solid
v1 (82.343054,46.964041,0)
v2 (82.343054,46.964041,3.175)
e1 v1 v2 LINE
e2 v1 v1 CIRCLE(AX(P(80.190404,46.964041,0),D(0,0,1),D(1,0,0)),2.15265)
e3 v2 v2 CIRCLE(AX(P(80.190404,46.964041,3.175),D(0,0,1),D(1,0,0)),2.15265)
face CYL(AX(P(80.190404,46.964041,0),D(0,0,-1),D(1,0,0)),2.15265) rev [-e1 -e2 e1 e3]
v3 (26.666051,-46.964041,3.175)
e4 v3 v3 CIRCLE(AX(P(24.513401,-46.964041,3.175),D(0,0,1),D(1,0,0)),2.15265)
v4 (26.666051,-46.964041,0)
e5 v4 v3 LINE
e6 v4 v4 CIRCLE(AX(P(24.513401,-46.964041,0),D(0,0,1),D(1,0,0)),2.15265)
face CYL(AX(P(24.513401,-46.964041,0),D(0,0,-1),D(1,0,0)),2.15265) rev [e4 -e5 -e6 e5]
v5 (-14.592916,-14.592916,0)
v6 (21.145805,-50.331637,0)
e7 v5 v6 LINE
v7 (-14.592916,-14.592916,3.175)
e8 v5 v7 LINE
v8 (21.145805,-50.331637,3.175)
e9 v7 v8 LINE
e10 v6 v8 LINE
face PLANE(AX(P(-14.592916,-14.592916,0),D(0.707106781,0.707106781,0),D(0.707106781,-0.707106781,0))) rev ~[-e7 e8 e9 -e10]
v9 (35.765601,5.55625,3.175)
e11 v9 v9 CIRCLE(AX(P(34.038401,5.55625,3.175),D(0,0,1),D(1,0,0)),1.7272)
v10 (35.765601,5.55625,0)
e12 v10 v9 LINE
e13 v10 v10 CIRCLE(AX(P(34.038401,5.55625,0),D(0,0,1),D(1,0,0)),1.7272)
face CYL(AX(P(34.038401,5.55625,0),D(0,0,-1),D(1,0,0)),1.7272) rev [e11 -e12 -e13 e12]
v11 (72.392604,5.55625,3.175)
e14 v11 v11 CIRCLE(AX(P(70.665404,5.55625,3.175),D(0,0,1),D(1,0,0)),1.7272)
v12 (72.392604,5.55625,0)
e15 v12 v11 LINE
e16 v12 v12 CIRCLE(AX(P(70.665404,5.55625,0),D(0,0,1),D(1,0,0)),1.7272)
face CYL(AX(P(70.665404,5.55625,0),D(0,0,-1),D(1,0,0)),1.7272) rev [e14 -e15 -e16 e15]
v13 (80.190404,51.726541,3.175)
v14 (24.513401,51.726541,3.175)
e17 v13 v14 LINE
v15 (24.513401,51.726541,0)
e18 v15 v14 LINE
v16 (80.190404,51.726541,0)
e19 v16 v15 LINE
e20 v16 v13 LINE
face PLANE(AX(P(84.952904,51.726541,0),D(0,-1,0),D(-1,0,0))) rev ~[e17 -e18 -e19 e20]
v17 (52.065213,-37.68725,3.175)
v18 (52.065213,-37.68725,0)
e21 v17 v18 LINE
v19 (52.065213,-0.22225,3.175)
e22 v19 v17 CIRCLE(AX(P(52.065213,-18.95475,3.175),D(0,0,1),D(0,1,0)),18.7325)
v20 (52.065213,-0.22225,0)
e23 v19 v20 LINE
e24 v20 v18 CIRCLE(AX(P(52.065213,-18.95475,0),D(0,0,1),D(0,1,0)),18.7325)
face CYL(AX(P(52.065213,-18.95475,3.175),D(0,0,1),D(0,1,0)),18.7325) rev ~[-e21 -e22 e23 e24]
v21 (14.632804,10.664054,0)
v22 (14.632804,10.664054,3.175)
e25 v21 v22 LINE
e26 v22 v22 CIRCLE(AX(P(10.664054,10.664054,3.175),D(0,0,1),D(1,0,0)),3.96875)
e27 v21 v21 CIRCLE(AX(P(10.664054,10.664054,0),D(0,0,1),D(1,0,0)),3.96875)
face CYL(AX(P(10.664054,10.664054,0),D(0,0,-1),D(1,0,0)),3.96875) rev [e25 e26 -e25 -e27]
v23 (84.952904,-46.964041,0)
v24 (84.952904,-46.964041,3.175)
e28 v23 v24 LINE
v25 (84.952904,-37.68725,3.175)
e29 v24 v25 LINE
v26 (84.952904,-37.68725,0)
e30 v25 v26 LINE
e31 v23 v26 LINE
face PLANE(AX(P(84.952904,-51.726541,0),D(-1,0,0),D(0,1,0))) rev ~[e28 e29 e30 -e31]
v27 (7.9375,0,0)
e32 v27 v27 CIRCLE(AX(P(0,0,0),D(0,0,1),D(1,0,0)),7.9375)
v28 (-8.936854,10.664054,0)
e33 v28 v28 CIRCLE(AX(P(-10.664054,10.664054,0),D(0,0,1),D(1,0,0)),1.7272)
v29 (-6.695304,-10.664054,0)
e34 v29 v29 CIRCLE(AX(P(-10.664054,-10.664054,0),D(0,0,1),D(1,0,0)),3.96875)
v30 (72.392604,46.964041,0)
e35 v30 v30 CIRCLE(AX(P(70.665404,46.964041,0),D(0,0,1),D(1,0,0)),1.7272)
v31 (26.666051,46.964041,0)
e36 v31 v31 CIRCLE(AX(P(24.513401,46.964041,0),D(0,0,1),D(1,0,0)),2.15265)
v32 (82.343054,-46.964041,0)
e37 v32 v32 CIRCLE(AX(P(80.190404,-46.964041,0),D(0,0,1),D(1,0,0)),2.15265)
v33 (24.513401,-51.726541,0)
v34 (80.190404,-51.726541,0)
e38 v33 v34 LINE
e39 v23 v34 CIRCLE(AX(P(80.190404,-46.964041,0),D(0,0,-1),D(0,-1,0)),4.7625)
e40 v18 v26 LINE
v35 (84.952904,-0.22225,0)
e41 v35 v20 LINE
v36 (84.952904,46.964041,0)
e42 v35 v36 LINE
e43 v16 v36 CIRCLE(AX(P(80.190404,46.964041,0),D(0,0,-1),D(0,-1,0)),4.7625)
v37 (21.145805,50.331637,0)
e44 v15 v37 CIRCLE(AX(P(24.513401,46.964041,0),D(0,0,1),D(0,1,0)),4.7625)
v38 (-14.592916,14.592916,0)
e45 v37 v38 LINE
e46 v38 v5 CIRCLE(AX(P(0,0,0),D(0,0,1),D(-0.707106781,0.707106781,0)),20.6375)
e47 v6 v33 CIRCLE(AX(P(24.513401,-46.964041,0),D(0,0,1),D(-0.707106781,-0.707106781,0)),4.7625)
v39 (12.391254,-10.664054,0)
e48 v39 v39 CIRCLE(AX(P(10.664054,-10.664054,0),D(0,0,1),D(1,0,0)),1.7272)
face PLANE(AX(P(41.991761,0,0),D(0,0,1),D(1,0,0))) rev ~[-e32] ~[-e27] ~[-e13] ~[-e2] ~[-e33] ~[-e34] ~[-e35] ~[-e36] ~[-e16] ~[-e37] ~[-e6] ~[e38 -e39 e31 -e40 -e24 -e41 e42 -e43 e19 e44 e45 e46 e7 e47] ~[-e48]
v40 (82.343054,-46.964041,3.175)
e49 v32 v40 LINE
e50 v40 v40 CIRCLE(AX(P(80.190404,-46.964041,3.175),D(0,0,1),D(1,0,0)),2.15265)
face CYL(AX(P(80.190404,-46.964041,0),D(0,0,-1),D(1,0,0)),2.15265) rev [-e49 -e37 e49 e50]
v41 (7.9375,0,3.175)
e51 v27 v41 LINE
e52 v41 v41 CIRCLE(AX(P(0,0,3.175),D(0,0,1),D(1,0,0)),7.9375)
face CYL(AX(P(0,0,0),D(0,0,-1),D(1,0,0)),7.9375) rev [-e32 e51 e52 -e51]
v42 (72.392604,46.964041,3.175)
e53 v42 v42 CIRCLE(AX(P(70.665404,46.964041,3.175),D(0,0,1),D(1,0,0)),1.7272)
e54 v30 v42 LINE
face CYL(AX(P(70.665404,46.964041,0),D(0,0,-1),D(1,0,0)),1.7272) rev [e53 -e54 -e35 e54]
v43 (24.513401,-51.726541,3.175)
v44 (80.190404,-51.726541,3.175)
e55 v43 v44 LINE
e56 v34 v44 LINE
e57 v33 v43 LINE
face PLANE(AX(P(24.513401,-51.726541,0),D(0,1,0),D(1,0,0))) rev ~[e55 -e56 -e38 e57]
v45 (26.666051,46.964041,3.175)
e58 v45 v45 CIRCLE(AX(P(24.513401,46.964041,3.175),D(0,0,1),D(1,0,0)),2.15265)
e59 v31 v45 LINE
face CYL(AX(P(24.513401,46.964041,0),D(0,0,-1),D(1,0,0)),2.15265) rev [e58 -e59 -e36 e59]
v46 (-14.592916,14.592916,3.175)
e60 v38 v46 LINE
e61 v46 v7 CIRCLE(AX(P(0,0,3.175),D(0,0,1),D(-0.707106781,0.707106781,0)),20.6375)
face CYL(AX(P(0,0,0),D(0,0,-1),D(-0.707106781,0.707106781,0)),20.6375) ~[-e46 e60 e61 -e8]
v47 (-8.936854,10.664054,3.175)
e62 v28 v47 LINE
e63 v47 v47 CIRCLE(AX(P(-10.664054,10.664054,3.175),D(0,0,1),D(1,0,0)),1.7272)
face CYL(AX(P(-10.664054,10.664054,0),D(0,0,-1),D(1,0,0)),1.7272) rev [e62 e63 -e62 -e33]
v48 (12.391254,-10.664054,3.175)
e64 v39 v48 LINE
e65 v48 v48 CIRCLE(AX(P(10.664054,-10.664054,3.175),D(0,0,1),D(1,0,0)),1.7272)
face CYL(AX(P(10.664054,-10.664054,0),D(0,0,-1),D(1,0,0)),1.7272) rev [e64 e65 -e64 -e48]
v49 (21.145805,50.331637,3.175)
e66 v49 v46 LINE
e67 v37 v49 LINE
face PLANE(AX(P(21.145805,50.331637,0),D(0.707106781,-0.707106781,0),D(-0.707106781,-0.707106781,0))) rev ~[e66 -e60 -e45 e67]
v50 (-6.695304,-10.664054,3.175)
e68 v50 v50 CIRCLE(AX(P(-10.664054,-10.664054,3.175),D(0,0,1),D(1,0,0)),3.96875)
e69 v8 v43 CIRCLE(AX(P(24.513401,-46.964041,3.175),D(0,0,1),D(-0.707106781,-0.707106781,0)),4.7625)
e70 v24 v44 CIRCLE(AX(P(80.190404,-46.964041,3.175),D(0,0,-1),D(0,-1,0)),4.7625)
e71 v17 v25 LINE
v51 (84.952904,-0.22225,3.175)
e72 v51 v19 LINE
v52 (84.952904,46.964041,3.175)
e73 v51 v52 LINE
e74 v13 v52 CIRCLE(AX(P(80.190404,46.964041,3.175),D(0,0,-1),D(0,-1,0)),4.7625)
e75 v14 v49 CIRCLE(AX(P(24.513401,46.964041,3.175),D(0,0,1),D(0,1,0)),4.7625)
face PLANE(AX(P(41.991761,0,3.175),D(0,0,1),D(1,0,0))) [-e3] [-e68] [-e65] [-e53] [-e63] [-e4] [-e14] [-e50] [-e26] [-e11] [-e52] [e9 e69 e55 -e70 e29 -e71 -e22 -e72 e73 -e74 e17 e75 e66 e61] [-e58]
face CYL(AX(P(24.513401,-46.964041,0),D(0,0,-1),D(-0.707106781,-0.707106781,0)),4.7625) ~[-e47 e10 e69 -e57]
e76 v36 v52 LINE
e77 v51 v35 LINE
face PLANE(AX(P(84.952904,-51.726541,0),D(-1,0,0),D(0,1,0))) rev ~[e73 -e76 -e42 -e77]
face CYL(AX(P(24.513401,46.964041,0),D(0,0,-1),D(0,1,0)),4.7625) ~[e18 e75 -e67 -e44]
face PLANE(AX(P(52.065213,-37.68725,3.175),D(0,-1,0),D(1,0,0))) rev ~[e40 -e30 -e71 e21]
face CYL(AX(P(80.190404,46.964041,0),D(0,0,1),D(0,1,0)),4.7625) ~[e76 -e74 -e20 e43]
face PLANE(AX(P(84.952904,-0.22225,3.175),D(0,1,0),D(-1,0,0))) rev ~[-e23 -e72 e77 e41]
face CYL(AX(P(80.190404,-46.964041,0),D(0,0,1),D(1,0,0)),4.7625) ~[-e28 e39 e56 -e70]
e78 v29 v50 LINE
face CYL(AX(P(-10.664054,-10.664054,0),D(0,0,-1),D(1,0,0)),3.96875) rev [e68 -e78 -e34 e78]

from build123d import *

# Parameters (mm, degrees)
F0_R     = 2.15265
F0_R_2   = 3.96875
F0_R_3   = 7.9375
F0_R_4   = 1.7272
F1_DEPTH = 3.175
F2_R     = 4.7625
F4_DEPTH = 3.175


with BuildPart() as f1:
    # F0 (on Top) → F1 (new body)
    with BuildSketch(Plane.XY):
        with BuildLine():
            Line((21.1458048519, 50.3316372454), (-14.5929161967, 14.5929161967))
            ThreePointArc((-14.5929161967, 14.5929161967), (-20.6375, 0), (-14.5929161967, -14.5929161967))
            Line((-14.5929161967, -14.5929161967), (21.1458048519, -50.3316372454))
            ThreePointArc((21.1458048519, -50.3316372454), (22.6908710507, -51.3640174736), (24.5134008973, -51.7265412))
            Line((24.5134008973, -51.7265412), (84.9529040973, -51.7265412))
            Line((84.9529040973, -51.7265412), (84.9529040973, 51.7265412))
            Line((84.9529040973, 51.7265412), (24.5134008973, 51.7265412))
            ThreePointArc((24.5134008973, 51.7265412), (22.6908710507, 51.3640174736), (21.1458048519, 50.3316372454))
        make_face()
        with Locations((24.5134008973, -46.9640412)):
            Circle(F0_R, mode=Mode.SUBTRACT)
        with Locations((-10.6640541438, -10.6640541438)):
            Circle(F0_R_2, mode=Mode.SUBTRACT)
        Circle(F0_R_3, mode=Mode.SUBTRACT)
        with Locations((10.6640541438, -10.6640541438)):
            Circle(F0_R_4, mode=Mode.SUBTRACT)
        with Locations((80.1904040973, -46.9640412)):
            Circle(F0_R, mode=Mode.SUBTRACT)
        with Locations((-10.6640541438, 10.6640541438)):
            Circle(F0_R_4, mode=Mode.SUBTRACT)
        with Locations((10.6640541438, 10.6640541438)):
            Circle(F0_R_2, mode=Mode.SUBTRACT)
        with Locations((24.5134008973, 46.9640412)):
            Circle(F0_R, mode=Mode.SUBTRACT)
        with Locations((34.0384008973, 5.55625)):
            Circle(F0_R_4, mode=Mode.SUBTRACT)
        with Locations((70.6654040973, 5.55625)):
            Circle(F0_R_4, mode=Mode.SUBTRACT)
        with Locations((70.6654040973, 46.9640412)):
            Circle(F0_R_4, mode=Mode.SUBTRACT)
        with Locations((80.1904040973, 46.9640412)):
            Circle(F0_R, mode=Mode.SUBTRACT)
    extrude(amount=F1_DEPTH)

    # F2
    f2_edges = [f1.edges().sort_by_distance(p)[0] for p in [
        (84.952904, 51.726541, 1.5875),
        (84.952904, -51.726541, 1.5875),
    ]]
    fillet(f2_edges, radius=F2_R)

    # F3 (on face) → F4 (cut, through all)
    with BuildSketch(Plane.XY.offset(3.175)):
        with BuildLine():
            Line((52.0652126973, -37.68725), (84.9529040973, -37.68725))
            Line((84.9529040973, -37.68725), (84.9529040973, -0.22225))
            Line((84.9529040973, -0.22225), (52.0652126973, -0.22225))
            ThreePointArc((52.0652126973, -0.22225), (33.3327126973, -18.95475), (52.0652126973, -37.68725))
        make_face()
    extrude(amount=-F4_DEPTH, mode=Mode.SUBTRACT)


solid = f1.part
